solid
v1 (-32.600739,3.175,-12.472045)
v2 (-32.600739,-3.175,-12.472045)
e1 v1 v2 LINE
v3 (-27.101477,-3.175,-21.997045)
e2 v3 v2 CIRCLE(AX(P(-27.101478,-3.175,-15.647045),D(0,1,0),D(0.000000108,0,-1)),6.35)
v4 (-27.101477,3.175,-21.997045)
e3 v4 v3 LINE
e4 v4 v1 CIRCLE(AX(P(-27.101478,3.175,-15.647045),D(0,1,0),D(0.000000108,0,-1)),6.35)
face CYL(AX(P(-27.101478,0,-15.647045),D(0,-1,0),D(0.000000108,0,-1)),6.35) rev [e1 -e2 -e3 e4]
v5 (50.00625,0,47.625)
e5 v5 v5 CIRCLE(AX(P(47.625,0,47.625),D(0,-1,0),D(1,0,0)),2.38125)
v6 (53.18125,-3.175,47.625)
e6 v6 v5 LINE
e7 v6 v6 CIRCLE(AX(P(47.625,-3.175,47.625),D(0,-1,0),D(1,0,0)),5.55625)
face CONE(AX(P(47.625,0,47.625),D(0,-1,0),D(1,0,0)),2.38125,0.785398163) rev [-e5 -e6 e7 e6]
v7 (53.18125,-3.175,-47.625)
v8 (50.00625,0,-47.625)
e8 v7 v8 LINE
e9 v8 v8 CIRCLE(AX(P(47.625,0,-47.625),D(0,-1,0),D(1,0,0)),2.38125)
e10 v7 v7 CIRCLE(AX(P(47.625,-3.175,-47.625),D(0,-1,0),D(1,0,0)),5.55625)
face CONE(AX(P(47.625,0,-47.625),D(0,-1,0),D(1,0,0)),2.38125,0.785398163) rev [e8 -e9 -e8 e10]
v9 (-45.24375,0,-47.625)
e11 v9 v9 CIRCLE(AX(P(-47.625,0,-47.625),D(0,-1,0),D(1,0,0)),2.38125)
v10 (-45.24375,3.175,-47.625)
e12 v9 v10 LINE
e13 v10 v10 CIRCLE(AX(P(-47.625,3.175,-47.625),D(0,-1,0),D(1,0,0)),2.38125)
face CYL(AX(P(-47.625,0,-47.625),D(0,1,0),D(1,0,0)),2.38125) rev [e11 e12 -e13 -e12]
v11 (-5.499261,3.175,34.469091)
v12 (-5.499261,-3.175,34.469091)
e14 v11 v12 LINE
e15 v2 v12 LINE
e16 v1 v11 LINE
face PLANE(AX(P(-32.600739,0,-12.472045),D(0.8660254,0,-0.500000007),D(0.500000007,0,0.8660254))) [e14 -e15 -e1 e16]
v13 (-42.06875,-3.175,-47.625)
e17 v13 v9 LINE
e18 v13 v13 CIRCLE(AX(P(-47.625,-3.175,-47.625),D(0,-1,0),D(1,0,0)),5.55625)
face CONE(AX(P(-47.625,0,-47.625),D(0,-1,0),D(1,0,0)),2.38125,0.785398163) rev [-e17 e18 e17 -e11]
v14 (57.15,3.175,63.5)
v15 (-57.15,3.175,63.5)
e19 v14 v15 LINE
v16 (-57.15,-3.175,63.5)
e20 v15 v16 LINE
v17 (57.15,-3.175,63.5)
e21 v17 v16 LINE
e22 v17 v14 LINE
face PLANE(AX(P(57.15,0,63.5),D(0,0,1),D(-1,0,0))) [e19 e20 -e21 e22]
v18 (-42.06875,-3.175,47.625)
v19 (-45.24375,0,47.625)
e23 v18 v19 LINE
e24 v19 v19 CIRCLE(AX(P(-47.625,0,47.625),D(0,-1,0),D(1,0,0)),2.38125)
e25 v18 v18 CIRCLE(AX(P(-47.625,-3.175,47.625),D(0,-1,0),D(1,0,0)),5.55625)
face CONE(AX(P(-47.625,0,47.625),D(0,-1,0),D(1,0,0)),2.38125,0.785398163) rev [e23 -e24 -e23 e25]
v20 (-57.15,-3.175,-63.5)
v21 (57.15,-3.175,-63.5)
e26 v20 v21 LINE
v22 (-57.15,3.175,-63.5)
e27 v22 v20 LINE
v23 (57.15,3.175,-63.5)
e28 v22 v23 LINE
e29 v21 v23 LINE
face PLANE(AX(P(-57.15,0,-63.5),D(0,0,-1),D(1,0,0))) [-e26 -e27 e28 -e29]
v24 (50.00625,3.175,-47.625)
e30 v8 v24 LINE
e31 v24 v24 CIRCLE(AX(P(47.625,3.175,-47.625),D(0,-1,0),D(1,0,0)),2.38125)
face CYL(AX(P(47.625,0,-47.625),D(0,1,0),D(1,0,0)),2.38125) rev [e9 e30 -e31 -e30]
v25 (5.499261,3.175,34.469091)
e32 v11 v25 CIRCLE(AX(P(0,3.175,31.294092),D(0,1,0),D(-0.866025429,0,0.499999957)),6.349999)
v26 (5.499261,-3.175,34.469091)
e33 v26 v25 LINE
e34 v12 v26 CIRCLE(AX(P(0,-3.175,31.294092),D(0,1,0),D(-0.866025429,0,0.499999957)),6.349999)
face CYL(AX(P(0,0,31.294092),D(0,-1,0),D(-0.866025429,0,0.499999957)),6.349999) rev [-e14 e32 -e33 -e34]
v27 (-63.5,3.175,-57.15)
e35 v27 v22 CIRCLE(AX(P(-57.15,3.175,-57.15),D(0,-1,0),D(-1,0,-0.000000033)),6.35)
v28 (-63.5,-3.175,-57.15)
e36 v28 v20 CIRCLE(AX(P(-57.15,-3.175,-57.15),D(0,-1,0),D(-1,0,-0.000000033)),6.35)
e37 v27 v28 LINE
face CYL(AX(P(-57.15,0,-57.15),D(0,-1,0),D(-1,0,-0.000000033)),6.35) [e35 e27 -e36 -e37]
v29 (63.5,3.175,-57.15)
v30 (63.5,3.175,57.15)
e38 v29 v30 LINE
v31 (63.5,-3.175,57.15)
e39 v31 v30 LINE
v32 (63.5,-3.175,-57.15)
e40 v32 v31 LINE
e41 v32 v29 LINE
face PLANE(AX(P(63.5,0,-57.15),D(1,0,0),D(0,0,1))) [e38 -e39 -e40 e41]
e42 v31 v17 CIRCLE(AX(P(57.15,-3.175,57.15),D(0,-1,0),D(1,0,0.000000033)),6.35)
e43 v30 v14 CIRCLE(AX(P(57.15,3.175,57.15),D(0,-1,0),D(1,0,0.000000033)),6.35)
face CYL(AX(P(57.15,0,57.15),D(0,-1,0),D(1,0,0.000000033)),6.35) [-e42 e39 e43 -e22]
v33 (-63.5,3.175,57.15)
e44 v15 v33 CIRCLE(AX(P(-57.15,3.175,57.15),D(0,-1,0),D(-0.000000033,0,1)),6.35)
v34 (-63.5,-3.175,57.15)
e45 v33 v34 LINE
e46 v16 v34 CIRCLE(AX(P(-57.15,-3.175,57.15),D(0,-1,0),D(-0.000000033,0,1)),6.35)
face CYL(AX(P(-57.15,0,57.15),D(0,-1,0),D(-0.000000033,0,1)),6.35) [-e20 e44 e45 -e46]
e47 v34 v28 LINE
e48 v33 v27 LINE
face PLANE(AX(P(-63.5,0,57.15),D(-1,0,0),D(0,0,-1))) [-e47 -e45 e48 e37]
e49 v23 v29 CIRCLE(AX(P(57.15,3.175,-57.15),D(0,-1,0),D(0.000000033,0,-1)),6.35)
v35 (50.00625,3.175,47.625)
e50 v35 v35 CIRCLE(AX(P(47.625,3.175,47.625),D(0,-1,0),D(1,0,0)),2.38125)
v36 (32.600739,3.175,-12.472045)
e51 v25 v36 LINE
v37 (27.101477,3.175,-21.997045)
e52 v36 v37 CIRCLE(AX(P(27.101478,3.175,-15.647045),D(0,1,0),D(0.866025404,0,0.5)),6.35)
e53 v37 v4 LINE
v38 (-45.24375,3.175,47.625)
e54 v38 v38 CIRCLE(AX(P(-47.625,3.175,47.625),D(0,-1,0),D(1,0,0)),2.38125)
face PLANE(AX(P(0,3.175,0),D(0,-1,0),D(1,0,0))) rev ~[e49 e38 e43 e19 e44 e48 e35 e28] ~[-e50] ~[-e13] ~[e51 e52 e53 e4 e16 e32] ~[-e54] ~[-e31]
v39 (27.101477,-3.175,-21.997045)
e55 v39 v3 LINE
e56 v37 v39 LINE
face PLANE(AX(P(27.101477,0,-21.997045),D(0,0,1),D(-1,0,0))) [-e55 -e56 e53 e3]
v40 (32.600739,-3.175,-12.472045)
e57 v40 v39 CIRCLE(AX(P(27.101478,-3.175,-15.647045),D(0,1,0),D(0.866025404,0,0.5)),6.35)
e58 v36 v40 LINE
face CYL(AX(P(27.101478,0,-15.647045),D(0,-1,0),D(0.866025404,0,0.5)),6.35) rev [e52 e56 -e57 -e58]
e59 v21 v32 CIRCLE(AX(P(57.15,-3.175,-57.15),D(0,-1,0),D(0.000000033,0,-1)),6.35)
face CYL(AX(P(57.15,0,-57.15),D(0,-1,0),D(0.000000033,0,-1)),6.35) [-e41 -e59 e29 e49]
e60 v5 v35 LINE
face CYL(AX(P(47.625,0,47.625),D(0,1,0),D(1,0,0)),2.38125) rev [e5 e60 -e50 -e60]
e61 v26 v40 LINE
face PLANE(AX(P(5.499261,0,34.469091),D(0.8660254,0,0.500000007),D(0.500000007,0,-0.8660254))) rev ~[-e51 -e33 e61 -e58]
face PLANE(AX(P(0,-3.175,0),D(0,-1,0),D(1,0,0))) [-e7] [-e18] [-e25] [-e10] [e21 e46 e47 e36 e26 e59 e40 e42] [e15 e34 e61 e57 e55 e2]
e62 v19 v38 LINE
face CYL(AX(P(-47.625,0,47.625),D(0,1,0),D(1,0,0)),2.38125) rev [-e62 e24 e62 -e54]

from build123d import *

# Parameters (mm, degrees)
F0_R     = 2.38125
F1_DEPTH = 3.175
F2_SIZE  = 3.175


with BuildPart() as f1:
    # F0 (on Front) → F1 (new body, symmetric)
    with BuildSketch(Plane.XZ):
        with BuildLine():
            Line((57.15, 63.5), (-57.15, 63.5))
            ThreePointArc((-57.15, 63.5), (-61.640128, 61.640128), (-63.5, 57.15))
            Line((-63.5, 57.15), (-63.5, -57.15))
            ThreePointArc((-63.5, -57.15), (-61.640128, -61.640128), (-57.15, -63.5))
            Line((-57.15, -63.5), (57.15, -63.5))
            ThreePointArc((57.15, -63.5), (61.640128, -61.640128), (63.5, -57.15))
            Line((63.5, -57.15), (63.5, 57.15))
            ThreePointArc((63.5, 57.15), (61.640128, 61.640128), (57.15, 63.5))
        make_face()
        with Locations((-47.625, -47.625)):
            Circle(F0_R, mode=Mode.SUBTRACT)
        with Locations((47.625, -47.625)):
            Circle(F0_R, mode=Mode.SUBTRACT)
        with Locations((-47.625, 47.625)):
            Circle(F0_R, mode=Mode.SUBTRACT)
        with BuildLine():
            Line((-32.600739, -12.472045), (-5.499261, 34.469091))
            ThreePointArc((-5.499261, 34.469091), (0, 37.644091), (5.499261, 34.469091))
            Line((5.499261, 34.469091), (32.600739, -12.472045))
            ThreePointArc((32.600739, -12.472045), (32.600739, -18.822045), (27.101477, -21.997045))
            Line((27.101477, -21.997045), (-27.101477, -21.997045))
            ThreePointArc((-27.101477, -21.997045), (-32.600739, -18.822045), (-32.600739, -12.472045))
        make_face(mode=Mode.SUBTRACT)
        with Locations((47.625, 47.625)):
            Circle(F0_R, mode=Mode.SUBTRACT)
    extrude(amount=F1_DEPTH, both=True)

    # F2
    f2_edges = [f1.edges().sort_by_distance(p)[0] for p in [
        (-50.00625, -3.175, 47.625),
        (-50.00625, -3.175, -47.625),
        (45.24375, -3.175, -47.625),
        (45.24375, -3.175, 47.625),
    ]]
    chamfer(f2_edges, length=F2_SIZE)


solid = f1.part
